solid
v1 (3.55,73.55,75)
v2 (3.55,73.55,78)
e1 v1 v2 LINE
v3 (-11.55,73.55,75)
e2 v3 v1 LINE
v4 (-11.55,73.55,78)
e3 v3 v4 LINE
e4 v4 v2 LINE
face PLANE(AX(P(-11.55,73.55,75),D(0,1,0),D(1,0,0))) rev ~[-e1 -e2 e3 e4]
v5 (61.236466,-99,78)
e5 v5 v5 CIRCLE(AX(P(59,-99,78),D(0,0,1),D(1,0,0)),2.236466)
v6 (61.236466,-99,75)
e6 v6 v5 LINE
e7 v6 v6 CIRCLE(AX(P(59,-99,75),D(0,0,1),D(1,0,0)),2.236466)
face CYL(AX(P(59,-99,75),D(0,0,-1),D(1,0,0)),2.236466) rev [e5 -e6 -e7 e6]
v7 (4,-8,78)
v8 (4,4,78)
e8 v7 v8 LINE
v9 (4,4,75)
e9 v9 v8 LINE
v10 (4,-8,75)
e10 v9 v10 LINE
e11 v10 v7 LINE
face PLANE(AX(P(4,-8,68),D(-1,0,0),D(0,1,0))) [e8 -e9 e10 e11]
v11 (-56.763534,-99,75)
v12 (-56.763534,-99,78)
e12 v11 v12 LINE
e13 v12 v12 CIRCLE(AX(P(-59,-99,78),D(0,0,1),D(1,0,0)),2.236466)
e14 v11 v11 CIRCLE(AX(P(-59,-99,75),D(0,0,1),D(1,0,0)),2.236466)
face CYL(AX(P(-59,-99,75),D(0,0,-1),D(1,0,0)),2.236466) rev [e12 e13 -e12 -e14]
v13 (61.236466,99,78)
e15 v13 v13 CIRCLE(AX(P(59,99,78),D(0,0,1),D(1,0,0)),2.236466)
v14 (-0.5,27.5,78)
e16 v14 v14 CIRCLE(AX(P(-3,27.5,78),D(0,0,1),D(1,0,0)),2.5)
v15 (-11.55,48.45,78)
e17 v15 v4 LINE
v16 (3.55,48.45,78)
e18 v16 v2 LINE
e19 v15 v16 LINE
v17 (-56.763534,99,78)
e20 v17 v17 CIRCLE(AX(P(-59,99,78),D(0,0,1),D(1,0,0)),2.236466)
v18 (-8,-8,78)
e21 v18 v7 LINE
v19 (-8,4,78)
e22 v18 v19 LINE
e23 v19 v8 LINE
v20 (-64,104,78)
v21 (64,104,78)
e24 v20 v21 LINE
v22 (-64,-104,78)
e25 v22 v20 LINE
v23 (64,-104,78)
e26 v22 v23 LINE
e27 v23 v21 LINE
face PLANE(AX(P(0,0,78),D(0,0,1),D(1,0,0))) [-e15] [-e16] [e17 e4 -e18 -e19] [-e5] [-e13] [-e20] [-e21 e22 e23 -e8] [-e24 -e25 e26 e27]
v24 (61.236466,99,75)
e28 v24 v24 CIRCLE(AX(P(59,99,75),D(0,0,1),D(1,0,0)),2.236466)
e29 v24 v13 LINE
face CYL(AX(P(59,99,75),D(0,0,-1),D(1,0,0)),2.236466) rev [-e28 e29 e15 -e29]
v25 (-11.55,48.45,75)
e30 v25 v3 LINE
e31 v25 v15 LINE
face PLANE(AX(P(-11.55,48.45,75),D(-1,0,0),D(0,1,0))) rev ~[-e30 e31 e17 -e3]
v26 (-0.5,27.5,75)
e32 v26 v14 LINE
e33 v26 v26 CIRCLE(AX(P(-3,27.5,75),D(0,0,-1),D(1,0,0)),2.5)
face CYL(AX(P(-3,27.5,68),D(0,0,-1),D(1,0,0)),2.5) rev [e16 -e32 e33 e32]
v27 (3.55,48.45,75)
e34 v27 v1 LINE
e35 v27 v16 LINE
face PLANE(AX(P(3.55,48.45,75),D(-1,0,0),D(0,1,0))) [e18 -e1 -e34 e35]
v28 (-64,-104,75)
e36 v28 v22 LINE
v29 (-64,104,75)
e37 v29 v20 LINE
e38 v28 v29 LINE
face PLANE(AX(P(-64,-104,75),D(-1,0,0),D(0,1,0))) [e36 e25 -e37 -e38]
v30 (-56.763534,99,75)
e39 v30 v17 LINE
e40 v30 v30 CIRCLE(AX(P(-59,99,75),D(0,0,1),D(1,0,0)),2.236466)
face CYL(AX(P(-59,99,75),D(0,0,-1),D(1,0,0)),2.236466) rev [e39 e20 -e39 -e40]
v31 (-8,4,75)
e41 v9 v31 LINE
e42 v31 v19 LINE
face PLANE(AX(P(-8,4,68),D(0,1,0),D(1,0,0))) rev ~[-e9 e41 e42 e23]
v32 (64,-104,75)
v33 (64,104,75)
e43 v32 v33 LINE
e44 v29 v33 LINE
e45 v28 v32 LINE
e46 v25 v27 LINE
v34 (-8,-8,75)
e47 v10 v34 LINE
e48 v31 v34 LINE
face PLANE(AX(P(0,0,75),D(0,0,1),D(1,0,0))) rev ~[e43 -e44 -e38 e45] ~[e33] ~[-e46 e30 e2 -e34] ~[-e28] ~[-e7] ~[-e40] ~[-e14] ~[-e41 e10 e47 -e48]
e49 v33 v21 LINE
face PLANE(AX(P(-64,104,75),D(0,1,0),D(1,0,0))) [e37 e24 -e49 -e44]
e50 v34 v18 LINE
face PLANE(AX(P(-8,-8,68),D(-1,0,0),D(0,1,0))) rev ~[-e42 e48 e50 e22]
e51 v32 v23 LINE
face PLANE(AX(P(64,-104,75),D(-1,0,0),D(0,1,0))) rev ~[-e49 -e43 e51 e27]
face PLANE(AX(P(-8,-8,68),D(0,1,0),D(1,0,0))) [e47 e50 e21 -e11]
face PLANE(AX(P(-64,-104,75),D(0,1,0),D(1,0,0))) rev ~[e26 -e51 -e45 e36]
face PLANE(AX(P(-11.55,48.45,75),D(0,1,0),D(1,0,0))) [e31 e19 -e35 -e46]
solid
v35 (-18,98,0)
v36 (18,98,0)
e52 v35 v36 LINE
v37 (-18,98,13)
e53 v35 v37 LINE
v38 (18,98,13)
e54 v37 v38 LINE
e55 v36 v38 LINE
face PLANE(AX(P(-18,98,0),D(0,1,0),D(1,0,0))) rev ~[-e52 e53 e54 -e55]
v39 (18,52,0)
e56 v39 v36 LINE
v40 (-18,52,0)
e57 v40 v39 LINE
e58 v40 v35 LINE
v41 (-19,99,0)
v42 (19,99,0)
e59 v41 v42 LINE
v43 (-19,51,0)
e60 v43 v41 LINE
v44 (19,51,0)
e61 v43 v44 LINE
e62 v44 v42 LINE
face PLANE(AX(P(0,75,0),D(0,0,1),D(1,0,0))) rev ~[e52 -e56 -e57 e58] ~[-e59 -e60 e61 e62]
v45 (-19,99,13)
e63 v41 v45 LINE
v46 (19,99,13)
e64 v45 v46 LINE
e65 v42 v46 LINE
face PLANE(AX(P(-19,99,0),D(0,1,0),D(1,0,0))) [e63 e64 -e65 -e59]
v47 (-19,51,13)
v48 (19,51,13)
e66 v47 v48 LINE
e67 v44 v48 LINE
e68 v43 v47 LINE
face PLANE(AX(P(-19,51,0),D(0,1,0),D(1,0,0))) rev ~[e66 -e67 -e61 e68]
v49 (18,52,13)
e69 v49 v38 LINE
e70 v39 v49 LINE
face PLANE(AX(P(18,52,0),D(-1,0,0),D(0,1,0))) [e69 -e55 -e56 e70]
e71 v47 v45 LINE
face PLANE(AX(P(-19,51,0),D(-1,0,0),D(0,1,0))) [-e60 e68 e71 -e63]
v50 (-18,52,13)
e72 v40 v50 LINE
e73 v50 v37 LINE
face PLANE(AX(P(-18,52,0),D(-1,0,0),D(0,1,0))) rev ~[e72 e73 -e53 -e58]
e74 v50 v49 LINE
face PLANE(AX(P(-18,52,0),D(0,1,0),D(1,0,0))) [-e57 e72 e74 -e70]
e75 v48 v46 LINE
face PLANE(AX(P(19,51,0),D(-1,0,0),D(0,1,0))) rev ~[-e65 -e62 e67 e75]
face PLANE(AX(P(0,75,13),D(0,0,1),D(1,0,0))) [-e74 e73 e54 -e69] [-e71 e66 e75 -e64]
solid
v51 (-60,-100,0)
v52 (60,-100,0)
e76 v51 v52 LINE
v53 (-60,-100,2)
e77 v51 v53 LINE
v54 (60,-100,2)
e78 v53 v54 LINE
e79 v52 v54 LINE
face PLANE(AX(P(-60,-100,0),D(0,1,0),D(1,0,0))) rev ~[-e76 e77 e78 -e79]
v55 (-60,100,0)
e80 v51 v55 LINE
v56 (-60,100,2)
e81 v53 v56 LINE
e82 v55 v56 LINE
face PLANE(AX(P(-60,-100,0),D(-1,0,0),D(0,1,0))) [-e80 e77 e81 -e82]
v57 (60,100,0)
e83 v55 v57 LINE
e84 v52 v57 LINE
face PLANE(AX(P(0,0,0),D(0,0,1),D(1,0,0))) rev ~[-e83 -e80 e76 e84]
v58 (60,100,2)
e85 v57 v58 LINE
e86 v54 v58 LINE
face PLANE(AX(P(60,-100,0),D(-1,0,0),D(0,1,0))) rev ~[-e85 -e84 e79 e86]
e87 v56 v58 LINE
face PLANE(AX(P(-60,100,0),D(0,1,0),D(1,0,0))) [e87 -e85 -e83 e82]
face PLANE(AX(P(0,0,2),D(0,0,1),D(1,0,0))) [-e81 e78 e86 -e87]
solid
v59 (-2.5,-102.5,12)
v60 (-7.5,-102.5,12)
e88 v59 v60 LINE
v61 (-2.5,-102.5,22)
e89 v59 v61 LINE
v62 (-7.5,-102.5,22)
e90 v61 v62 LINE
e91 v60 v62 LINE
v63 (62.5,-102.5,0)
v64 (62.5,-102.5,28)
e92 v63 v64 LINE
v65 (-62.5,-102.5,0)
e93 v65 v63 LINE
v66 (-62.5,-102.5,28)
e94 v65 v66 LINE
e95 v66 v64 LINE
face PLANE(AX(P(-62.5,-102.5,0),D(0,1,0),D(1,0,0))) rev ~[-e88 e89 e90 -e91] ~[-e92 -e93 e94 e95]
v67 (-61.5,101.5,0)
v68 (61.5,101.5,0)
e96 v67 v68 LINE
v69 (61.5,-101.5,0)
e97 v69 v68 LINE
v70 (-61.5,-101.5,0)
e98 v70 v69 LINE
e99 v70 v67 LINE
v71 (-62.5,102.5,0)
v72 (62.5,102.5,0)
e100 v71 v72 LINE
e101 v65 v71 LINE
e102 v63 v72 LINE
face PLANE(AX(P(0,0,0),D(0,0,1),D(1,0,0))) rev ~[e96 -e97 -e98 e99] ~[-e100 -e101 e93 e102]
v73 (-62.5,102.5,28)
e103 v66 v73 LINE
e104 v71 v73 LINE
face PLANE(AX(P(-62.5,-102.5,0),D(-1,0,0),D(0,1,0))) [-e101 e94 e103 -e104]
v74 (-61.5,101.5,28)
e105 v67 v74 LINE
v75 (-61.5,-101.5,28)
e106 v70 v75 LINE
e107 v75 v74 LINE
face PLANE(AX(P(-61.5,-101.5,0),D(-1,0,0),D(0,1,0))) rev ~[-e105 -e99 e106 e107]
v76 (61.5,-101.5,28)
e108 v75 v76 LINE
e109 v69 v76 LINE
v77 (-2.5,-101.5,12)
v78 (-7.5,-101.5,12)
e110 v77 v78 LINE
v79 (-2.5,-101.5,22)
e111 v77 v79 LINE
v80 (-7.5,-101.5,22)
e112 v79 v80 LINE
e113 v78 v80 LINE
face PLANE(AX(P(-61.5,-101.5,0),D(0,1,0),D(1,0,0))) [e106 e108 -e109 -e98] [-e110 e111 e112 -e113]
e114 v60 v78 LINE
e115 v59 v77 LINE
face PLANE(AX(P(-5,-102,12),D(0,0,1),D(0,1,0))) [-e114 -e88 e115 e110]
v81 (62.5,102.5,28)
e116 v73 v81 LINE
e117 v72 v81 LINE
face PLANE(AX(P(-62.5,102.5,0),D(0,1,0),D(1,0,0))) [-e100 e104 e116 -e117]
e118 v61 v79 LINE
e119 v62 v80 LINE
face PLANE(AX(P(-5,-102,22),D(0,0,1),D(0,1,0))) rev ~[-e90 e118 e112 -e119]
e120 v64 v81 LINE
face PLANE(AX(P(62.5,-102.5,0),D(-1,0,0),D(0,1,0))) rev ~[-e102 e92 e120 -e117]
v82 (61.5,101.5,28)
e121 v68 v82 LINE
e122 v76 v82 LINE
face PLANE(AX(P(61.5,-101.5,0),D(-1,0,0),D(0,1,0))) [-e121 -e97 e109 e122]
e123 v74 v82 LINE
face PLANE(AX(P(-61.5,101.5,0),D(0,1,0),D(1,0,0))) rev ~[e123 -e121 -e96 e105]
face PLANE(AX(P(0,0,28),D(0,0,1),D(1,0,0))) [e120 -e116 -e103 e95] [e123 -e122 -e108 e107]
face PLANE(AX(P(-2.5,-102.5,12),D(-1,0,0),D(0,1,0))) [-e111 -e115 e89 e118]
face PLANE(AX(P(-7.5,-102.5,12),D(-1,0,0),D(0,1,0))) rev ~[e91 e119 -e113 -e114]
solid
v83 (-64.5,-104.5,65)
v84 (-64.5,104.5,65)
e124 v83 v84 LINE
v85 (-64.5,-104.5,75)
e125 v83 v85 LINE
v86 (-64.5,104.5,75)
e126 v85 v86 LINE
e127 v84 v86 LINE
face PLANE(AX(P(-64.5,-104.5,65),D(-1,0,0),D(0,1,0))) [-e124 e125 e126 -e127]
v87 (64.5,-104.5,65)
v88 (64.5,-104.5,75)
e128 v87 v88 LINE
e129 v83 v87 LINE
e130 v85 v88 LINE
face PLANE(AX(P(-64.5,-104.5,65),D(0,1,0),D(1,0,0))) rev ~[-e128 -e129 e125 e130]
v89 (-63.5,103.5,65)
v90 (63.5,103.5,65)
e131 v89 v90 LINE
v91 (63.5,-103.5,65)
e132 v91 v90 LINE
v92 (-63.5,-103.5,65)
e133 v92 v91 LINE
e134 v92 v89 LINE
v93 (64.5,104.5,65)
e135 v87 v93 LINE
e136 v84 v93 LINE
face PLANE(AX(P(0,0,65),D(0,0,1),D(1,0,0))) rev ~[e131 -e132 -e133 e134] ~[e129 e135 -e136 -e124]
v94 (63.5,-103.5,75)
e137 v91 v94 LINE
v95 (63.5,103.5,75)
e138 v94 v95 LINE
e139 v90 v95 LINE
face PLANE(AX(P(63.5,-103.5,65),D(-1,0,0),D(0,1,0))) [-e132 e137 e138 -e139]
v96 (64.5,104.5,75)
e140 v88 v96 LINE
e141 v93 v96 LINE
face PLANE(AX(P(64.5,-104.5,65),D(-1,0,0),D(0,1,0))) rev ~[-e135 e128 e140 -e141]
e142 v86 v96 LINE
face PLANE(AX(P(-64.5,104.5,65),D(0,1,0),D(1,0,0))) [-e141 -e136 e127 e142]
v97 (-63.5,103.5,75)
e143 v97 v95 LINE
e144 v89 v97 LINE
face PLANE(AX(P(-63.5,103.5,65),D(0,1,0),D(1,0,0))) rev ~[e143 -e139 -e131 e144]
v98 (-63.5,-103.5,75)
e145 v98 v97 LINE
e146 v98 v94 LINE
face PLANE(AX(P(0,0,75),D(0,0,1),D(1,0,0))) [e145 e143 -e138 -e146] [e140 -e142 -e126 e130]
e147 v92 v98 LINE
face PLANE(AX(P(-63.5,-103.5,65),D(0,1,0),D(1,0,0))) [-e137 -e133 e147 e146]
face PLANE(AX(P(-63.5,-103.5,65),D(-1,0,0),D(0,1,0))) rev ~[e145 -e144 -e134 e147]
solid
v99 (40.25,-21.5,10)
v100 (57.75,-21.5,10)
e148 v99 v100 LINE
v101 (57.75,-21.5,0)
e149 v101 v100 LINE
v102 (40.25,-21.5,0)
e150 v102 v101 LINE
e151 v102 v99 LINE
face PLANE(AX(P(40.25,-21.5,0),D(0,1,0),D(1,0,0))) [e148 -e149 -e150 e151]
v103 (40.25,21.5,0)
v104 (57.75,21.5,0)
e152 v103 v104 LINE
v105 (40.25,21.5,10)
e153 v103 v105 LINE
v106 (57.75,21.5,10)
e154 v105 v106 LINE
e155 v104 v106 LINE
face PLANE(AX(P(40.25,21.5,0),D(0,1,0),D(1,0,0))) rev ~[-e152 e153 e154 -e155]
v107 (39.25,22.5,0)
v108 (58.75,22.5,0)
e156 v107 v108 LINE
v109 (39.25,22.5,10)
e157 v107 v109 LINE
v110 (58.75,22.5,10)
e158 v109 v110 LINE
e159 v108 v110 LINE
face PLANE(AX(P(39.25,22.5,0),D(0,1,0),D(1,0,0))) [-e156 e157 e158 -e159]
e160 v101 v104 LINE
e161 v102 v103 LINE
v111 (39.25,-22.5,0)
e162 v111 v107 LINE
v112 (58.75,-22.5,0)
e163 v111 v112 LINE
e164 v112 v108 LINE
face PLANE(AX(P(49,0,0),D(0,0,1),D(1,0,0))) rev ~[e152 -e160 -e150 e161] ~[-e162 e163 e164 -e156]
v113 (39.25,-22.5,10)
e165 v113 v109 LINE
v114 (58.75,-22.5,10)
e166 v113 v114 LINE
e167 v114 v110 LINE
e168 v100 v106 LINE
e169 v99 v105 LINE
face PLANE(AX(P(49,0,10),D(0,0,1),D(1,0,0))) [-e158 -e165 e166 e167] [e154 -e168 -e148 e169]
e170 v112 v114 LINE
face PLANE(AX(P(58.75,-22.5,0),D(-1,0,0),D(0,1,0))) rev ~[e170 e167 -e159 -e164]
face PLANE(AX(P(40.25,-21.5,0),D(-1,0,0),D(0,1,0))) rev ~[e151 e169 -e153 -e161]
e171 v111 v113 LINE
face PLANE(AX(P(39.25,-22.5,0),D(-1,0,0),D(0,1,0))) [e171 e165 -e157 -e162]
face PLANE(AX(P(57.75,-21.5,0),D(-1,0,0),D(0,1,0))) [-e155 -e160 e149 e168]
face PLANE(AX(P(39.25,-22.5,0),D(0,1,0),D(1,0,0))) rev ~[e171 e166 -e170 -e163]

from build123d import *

# Parameters (mm, degrees)
SKETCH_W                = 38
SKETCH_H                = 48
SKETCH_W_2              = 36
SKETCH_H_2              = 46
PAD_DEPTH               = 13
SKETCH001_W             = 120
SKETCH001_H             = 200
PAD001_DEPTH            = 2
SKETCH003_W             = 19.5
SKETCH003_H             = 45
SKETCH003_W_2           = 17.5
SKETCH003_H_2           = 43
PAD002_DEPTH            = 10
SKETCH006_W             = 1
SKETCH006_H             = 5
PAD005_DEPTH            = 10
BODY007_PLACEMENT_ANGLE = 90
SKETCH004_W             = 125
SKETCH004_H             = 205
SKETCH004_W_2           = 123
SKETCH004_H_2           = 203
PAD003_DEPTH            = 28
SKETCH007_W             = 129
SKETCH007_H             = 209
SKETCH007_W_2           = 127
SKETCH007_H_2           = 207
PAD006_DEPTH            = 10
SKETCH011_R             = 2.5
PAD010_DEPTH            = 10
SKETCH010_W             = 12
SKETCH010_H             = 12
PAD009_DEPTH            = 10
SKETCH009_W             = 15.1
SKETCH009_H             = 25.1
PAD008_DEPTH            = 3
SKETCH008_W             = 128
SKETCH008_H             = 208
SKETCH008_R             = 2.236466
PAD007_DEPTH            = 3


with BuildPart() as body:
    # Sketch → Pad (new body)
    with BuildSketch(Plane.XY):
        Rectangle(SKETCH_W, SKETCH_H)
        Rectangle(SKETCH_W_2, SKETCH_H_2, mode=Mode.SUBTRACT)
    extrude(amount=PAD_DEPTH)


with BuildPart() as body_1:
    # Body placement: moved
    add(body.part.moved(Location((0, 75, 0))))


with BuildPart() as flor:
    # Sketch001 → Pad001 (new body)
    with BuildSketch(Plane.XY):
        Rectangle(SKETCH001_W, SKETCH001_H)
    extrude(amount=PAD001_DEPTH)


with BuildPart() as relay:
    # Sketch003 → Pad002 (new body)
    with BuildSketch(Plane.XY):
        Rectangle(SKETCH003_W, SKETCH003_H)
        Rectangle(SKETCH003_W_2, SKETCH003_H_2, mode=Mode.SUBTRACT)
    extrude(amount=PAD002_DEPTH)


with BuildPart() as relay_1:
    # Body004 placement: moved
    add(relay.part.moved(Location((49, 0, 0))))


with BuildPart() as body007:
    # Sketch006 → Pad005 (new body)
    with BuildSketch(Plane.XY):
        Rectangle(SKETCH006_W, SKETCH006_H)
    extrude(amount=PAD005_DEPTH)


with BuildPart() as body007_1:
    # Body007 placement: moved
    add(body007.part.moved(Location((-5, -102, 12))).rotate(Axis((-5, -102, 12), (0, 0, 1)), BODY007_PLACEMENT_ANGLE))


with BuildPart() as cut:
    # Sketch004 → Pad003 (new body)
    with BuildSketch(Plane.XY):
        Rectangle(SKETCH004_W, SKETCH004_H)
        Rectangle(SKETCH004_W_2, SKETCH004_H_2, mode=Mode.SUBTRACT)
    extrude(amount=PAD003_DEPTH)

    # Cut: cut Body007
    add(body007_1.part, mode=Mode.SUBTRACT)


with BuildPart() as box_lid:
    # Sketch007 → Pad006 (new body)
    with BuildSketch(Plane.XY):
        Rectangle(SKETCH007_W, SKETCH007_H)
        Rectangle(SKETCH007_W_2, SKETCH007_H_2, mode=Mode.SUBTRACT)
    extrude(amount=PAD006_DEPTH)


with BuildPart() as box_lid_1:
    # Body008 placement: moved
    add(box_lid.part.moved(Location((0, 0, 65))))


with BuildPart() as body012:
    # Sketch011 → Pad010 (new body)
    with BuildSketch(Plane.XY):
        with Locations((0, 0.5)):
            Circle(SKETCH011_R)
    extrude(amount=PAD010_DEPTH)


with BuildPart() as body012_1:
    # Body012 placement: moved
    add(body012.part.moved(Location((-3, 27, 68))))


with BuildPart() as body011:
    # Sketch010 → Pad009 (new body)
    with BuildSketch(Plane.XY):
        Rectangle(SKETCH010_W, SKETCH010_H)
    extrude(amount=PAD009_DEPTH)


with BuildPart() as body011_1:
    # Body011 placement: moved
    add(body011.part.moved(Location((-2, -2, 68))))


with BuildPart() as dht22:
    # Sketch009 → Pad008 (new body)
    with BuildSketch(Plane.XY):
        Rectangle(SKETCH009_W, SKETCH009_H)
    extrude(amount=PAD008_DEPTH)


with BuildPart() as dht22_1:
    # Body010 placement: moved
    add(dht22.part.moved(Location((-4, 61, 75))))


with BuildPart() as cut003:
    # Sketch008 → Pad007 (new body)
    with BuildSketch(Plane.XY):
        Rectangle(SKETCH008_W, SKETCH008_H)
        with Locations((-59, 99)):
            Circle(SKETCH008_R, mode=Mode.SUBTRACT)
        with Locations((59, 99)):
            Circle(SKETCH008_R, mode=Mode.SUBTRACT)
        with Locations((-59, -99)):
            Circle(SKETCH008_R, mode=Mode.SUBTRACT)
        with Locations((59, -99)):
            Circle(SKETCH008_R, mode=Mode.SUBTRACT)
    extrude(amount=PAD007_DEPTH)


with BuildPart() as cut003_1:
    # Body009 placement: moved
    add(cut003.part.moved(Location((0, 0, 75))))

    # Cut001: cut dht22
    add(dht22_1.part, mode=Mode.SUBTRACT)

    # Cut002: cut Body011
    add(body011_1.part, mode=Mode.SUBTRACT)

    # Cut003: cut Body012
    add(body012_1.part, mode=Mode.SUBTRACT)


solid = Compound([body_1.part, flor.part, relay_1.part, cut.part, box_lid_1.part, cut003_1.part])
